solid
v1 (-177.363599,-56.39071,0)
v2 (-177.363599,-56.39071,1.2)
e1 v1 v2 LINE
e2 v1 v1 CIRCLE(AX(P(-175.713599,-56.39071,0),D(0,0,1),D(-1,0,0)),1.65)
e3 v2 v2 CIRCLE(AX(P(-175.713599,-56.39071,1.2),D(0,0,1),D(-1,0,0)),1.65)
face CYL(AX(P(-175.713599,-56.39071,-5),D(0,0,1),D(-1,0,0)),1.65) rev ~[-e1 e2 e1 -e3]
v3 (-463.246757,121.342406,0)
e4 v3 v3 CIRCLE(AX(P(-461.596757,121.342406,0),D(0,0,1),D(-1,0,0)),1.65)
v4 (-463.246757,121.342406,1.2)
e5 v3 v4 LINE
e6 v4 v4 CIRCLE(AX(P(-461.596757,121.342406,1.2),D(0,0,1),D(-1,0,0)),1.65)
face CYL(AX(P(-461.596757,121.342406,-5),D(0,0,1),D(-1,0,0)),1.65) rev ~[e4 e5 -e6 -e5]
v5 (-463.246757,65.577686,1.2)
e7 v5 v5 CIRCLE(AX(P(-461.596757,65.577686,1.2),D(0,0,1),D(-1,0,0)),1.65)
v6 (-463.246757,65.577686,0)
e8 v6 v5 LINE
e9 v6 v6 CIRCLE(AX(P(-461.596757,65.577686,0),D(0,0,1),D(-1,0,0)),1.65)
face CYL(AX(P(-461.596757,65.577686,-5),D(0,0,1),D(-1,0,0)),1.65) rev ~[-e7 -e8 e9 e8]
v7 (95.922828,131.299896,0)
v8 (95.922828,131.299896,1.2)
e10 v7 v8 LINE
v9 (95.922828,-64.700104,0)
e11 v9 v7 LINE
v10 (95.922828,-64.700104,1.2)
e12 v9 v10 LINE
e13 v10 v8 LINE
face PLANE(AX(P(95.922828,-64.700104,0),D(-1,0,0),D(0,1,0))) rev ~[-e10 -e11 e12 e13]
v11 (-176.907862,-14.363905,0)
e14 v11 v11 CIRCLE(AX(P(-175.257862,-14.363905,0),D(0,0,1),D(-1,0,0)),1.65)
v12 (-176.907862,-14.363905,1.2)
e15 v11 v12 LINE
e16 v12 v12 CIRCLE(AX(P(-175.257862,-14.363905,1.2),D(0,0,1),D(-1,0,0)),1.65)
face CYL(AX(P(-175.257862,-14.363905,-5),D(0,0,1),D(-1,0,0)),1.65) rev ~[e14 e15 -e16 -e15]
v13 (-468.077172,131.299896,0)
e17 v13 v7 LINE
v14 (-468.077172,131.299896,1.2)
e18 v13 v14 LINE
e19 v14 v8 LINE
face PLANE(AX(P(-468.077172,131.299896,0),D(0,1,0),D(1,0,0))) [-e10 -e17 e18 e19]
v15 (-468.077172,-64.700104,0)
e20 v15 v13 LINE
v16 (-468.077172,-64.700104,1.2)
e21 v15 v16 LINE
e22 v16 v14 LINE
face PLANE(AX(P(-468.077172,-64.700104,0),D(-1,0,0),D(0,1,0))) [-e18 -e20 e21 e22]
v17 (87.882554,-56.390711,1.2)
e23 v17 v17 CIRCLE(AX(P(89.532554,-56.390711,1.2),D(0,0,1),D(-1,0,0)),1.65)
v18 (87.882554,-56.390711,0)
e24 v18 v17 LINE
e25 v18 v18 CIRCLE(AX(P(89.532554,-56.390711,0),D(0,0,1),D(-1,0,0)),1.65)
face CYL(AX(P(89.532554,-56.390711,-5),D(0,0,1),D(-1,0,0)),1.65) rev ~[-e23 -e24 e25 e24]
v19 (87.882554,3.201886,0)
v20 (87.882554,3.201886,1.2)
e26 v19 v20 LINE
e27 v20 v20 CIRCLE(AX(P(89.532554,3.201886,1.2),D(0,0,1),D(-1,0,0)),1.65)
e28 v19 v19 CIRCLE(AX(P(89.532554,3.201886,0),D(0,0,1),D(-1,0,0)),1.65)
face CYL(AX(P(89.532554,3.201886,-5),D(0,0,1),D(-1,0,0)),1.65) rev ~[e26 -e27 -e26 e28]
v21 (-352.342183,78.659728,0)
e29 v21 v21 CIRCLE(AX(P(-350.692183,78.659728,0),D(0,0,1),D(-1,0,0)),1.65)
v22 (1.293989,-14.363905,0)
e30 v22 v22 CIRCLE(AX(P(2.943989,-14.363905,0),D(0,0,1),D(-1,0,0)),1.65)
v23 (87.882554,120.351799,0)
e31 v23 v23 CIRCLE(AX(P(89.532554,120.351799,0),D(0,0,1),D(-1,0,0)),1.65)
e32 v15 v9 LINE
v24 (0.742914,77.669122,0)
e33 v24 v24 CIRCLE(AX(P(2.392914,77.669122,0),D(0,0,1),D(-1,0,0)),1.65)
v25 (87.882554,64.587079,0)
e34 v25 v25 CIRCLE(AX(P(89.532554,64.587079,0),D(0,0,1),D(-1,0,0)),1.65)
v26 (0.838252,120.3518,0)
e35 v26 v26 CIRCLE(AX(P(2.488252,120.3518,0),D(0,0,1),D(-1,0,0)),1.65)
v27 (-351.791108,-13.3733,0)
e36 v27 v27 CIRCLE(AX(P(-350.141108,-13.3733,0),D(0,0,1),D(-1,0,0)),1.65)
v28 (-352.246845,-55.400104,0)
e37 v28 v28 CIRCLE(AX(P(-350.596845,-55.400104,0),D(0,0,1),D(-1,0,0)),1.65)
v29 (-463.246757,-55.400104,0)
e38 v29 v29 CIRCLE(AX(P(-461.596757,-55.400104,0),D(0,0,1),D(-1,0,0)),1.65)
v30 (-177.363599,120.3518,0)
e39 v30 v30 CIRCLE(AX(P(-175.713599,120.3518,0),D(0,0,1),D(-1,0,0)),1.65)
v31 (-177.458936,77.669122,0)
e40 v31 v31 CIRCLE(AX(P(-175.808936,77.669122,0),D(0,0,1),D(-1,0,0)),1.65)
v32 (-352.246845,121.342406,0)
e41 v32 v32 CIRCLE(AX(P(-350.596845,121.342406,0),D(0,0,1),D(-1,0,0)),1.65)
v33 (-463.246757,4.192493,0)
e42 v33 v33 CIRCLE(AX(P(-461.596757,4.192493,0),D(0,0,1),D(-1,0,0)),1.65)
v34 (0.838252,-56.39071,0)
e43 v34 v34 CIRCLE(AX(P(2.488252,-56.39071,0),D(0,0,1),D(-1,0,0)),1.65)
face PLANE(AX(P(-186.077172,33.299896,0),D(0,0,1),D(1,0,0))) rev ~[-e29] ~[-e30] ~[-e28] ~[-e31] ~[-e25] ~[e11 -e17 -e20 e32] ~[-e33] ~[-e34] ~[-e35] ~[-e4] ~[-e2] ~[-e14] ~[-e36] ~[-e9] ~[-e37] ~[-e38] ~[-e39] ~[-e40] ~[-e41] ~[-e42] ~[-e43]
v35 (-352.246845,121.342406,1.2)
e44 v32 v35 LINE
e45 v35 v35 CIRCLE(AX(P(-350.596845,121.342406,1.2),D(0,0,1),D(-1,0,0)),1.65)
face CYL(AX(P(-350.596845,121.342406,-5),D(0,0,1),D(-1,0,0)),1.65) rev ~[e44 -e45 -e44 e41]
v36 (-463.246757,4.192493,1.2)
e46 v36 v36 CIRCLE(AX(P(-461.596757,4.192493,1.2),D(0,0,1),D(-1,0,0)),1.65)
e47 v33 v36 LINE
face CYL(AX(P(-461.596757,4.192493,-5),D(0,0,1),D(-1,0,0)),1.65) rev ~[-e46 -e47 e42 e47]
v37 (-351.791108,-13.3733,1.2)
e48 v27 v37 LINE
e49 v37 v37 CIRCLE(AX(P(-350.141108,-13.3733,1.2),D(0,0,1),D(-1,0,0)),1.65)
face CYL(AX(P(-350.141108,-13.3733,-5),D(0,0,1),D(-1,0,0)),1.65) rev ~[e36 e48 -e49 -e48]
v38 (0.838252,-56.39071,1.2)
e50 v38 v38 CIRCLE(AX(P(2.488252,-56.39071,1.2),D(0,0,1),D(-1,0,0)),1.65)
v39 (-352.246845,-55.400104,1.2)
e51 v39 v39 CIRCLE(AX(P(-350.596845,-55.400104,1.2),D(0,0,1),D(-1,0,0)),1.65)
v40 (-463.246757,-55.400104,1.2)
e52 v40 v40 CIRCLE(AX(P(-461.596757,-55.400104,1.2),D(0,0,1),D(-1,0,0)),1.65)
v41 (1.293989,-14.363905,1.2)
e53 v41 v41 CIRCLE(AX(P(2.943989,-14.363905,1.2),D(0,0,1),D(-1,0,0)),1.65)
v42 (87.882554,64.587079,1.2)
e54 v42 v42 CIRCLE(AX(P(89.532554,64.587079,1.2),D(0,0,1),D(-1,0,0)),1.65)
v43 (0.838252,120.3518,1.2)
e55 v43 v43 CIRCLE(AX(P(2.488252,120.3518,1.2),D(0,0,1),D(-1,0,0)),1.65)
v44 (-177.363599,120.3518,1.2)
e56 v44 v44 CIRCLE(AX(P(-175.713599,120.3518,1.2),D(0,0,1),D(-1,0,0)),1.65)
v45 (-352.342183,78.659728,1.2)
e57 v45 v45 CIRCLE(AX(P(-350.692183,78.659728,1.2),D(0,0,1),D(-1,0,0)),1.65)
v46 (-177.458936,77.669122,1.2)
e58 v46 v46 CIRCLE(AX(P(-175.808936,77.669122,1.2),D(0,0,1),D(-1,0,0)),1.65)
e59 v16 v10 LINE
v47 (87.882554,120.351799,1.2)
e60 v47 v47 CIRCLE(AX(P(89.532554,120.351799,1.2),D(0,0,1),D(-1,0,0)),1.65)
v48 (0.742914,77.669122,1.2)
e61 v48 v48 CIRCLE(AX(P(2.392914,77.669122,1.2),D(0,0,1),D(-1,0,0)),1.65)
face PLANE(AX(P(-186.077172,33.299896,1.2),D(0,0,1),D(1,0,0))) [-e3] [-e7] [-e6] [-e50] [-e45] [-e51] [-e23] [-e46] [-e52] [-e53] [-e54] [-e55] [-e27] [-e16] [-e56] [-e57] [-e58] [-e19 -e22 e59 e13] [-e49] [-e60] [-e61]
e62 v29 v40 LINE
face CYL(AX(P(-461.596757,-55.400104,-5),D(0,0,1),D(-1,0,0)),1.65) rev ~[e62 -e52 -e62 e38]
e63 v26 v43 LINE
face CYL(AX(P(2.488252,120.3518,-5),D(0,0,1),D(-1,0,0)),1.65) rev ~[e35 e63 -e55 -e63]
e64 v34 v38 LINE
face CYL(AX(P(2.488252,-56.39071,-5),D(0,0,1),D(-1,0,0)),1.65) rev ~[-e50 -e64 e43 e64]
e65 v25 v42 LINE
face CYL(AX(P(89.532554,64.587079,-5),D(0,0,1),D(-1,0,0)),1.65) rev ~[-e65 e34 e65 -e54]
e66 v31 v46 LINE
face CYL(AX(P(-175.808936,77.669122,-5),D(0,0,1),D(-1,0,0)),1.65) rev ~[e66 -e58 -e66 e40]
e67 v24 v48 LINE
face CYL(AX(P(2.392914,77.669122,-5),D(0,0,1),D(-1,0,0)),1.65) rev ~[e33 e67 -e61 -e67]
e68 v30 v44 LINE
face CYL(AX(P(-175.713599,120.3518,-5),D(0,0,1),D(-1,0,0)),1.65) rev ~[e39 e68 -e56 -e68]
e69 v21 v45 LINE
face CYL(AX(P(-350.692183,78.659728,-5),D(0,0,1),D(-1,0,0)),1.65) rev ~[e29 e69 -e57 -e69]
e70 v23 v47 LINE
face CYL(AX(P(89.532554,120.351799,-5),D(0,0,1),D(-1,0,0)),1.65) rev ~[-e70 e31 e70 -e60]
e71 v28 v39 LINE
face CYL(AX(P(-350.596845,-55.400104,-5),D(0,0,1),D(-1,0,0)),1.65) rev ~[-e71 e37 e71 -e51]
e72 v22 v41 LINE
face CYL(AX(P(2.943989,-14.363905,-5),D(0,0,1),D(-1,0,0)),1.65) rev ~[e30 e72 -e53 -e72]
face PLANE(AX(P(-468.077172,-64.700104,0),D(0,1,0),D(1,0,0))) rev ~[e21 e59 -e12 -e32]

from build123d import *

# Parameters (mm, degrees)
F0_W     = 564
F0_H     = 196
F1_DEPTH = 1.2
F2_D     = 3.3
F2_DEPTH = 5
F2_TIP   = 0.9914200214
F3_D     = 3.3
F3_DEPTH = 5
F3_TIP   = 0.9914200214


with BuildPart() as f1:
    # F0 (on Top) → F1 (new body)
    with BuildSketch(Plane.XY):
        with Locations((-186.0771722794, 33.2998957038)):
            Rectangle(F0_W, F0_H)
    extrude(amount=F1_DEPTH)

    # F2
    with Locations(Plane(origin=(0, 0, 0), x_dir=(1, 0, 0), z_dir=(0, 0, -1))):
        with Locations((-461.5967571735, -121.3424056768)):
            Hole(F2_D / 2, depth=F2_DEPTH)
            with Locations((0, 0, -(F2_DEPTH + F2_TIP / 2))):  # 118° drill point
                Cone(0, F2_D / 2, F2_TIP, mode=Mode.SUBTRACT)

    # F3
    with Locations(Plane(origin=(0, 0, 0), x_dir=(1, 0, 0), z_dir=(0, 0, -1))):
        with Locations((-461.5967571735, -65.577685833), (-461.5967571735, -4.1924929246), (-461.5967571735, 55.4001042962), (-350.59684515, 55.4001042962), (-350.141108036, 13.3732995018), (-350.6921827793, -78.6597281694), (-350.59684515, -121.3424056768), (-175.7135987282, -120.351799798), (-175.8089363575, -77.6691222906), (-175.2578616142, 14.3639053807), (-175.7135987282, 56.390710175), (2.4882517755, 56.390710175), (2.9439888895, 14.3639053807), (2.3929141462, -77.6691222906), (2.4882517755, -120.351799798), (89.5325541496, -120.351798841), (89.5325541496, -64.5870789971), (89.5325541496, -3.2018860888), (89.5325541496, 56.3907111321)):
            Hole(F3_D / 2, depth=F3_DEPTH)
            with Locations((0, 0, -(F3_DEPTH + F3_TIP / 2))):  # 118° drill point
                Cone(0, F3_D / 2, F3_TIP, mode=Mode.SUBTRACT)


solid = f1.part
